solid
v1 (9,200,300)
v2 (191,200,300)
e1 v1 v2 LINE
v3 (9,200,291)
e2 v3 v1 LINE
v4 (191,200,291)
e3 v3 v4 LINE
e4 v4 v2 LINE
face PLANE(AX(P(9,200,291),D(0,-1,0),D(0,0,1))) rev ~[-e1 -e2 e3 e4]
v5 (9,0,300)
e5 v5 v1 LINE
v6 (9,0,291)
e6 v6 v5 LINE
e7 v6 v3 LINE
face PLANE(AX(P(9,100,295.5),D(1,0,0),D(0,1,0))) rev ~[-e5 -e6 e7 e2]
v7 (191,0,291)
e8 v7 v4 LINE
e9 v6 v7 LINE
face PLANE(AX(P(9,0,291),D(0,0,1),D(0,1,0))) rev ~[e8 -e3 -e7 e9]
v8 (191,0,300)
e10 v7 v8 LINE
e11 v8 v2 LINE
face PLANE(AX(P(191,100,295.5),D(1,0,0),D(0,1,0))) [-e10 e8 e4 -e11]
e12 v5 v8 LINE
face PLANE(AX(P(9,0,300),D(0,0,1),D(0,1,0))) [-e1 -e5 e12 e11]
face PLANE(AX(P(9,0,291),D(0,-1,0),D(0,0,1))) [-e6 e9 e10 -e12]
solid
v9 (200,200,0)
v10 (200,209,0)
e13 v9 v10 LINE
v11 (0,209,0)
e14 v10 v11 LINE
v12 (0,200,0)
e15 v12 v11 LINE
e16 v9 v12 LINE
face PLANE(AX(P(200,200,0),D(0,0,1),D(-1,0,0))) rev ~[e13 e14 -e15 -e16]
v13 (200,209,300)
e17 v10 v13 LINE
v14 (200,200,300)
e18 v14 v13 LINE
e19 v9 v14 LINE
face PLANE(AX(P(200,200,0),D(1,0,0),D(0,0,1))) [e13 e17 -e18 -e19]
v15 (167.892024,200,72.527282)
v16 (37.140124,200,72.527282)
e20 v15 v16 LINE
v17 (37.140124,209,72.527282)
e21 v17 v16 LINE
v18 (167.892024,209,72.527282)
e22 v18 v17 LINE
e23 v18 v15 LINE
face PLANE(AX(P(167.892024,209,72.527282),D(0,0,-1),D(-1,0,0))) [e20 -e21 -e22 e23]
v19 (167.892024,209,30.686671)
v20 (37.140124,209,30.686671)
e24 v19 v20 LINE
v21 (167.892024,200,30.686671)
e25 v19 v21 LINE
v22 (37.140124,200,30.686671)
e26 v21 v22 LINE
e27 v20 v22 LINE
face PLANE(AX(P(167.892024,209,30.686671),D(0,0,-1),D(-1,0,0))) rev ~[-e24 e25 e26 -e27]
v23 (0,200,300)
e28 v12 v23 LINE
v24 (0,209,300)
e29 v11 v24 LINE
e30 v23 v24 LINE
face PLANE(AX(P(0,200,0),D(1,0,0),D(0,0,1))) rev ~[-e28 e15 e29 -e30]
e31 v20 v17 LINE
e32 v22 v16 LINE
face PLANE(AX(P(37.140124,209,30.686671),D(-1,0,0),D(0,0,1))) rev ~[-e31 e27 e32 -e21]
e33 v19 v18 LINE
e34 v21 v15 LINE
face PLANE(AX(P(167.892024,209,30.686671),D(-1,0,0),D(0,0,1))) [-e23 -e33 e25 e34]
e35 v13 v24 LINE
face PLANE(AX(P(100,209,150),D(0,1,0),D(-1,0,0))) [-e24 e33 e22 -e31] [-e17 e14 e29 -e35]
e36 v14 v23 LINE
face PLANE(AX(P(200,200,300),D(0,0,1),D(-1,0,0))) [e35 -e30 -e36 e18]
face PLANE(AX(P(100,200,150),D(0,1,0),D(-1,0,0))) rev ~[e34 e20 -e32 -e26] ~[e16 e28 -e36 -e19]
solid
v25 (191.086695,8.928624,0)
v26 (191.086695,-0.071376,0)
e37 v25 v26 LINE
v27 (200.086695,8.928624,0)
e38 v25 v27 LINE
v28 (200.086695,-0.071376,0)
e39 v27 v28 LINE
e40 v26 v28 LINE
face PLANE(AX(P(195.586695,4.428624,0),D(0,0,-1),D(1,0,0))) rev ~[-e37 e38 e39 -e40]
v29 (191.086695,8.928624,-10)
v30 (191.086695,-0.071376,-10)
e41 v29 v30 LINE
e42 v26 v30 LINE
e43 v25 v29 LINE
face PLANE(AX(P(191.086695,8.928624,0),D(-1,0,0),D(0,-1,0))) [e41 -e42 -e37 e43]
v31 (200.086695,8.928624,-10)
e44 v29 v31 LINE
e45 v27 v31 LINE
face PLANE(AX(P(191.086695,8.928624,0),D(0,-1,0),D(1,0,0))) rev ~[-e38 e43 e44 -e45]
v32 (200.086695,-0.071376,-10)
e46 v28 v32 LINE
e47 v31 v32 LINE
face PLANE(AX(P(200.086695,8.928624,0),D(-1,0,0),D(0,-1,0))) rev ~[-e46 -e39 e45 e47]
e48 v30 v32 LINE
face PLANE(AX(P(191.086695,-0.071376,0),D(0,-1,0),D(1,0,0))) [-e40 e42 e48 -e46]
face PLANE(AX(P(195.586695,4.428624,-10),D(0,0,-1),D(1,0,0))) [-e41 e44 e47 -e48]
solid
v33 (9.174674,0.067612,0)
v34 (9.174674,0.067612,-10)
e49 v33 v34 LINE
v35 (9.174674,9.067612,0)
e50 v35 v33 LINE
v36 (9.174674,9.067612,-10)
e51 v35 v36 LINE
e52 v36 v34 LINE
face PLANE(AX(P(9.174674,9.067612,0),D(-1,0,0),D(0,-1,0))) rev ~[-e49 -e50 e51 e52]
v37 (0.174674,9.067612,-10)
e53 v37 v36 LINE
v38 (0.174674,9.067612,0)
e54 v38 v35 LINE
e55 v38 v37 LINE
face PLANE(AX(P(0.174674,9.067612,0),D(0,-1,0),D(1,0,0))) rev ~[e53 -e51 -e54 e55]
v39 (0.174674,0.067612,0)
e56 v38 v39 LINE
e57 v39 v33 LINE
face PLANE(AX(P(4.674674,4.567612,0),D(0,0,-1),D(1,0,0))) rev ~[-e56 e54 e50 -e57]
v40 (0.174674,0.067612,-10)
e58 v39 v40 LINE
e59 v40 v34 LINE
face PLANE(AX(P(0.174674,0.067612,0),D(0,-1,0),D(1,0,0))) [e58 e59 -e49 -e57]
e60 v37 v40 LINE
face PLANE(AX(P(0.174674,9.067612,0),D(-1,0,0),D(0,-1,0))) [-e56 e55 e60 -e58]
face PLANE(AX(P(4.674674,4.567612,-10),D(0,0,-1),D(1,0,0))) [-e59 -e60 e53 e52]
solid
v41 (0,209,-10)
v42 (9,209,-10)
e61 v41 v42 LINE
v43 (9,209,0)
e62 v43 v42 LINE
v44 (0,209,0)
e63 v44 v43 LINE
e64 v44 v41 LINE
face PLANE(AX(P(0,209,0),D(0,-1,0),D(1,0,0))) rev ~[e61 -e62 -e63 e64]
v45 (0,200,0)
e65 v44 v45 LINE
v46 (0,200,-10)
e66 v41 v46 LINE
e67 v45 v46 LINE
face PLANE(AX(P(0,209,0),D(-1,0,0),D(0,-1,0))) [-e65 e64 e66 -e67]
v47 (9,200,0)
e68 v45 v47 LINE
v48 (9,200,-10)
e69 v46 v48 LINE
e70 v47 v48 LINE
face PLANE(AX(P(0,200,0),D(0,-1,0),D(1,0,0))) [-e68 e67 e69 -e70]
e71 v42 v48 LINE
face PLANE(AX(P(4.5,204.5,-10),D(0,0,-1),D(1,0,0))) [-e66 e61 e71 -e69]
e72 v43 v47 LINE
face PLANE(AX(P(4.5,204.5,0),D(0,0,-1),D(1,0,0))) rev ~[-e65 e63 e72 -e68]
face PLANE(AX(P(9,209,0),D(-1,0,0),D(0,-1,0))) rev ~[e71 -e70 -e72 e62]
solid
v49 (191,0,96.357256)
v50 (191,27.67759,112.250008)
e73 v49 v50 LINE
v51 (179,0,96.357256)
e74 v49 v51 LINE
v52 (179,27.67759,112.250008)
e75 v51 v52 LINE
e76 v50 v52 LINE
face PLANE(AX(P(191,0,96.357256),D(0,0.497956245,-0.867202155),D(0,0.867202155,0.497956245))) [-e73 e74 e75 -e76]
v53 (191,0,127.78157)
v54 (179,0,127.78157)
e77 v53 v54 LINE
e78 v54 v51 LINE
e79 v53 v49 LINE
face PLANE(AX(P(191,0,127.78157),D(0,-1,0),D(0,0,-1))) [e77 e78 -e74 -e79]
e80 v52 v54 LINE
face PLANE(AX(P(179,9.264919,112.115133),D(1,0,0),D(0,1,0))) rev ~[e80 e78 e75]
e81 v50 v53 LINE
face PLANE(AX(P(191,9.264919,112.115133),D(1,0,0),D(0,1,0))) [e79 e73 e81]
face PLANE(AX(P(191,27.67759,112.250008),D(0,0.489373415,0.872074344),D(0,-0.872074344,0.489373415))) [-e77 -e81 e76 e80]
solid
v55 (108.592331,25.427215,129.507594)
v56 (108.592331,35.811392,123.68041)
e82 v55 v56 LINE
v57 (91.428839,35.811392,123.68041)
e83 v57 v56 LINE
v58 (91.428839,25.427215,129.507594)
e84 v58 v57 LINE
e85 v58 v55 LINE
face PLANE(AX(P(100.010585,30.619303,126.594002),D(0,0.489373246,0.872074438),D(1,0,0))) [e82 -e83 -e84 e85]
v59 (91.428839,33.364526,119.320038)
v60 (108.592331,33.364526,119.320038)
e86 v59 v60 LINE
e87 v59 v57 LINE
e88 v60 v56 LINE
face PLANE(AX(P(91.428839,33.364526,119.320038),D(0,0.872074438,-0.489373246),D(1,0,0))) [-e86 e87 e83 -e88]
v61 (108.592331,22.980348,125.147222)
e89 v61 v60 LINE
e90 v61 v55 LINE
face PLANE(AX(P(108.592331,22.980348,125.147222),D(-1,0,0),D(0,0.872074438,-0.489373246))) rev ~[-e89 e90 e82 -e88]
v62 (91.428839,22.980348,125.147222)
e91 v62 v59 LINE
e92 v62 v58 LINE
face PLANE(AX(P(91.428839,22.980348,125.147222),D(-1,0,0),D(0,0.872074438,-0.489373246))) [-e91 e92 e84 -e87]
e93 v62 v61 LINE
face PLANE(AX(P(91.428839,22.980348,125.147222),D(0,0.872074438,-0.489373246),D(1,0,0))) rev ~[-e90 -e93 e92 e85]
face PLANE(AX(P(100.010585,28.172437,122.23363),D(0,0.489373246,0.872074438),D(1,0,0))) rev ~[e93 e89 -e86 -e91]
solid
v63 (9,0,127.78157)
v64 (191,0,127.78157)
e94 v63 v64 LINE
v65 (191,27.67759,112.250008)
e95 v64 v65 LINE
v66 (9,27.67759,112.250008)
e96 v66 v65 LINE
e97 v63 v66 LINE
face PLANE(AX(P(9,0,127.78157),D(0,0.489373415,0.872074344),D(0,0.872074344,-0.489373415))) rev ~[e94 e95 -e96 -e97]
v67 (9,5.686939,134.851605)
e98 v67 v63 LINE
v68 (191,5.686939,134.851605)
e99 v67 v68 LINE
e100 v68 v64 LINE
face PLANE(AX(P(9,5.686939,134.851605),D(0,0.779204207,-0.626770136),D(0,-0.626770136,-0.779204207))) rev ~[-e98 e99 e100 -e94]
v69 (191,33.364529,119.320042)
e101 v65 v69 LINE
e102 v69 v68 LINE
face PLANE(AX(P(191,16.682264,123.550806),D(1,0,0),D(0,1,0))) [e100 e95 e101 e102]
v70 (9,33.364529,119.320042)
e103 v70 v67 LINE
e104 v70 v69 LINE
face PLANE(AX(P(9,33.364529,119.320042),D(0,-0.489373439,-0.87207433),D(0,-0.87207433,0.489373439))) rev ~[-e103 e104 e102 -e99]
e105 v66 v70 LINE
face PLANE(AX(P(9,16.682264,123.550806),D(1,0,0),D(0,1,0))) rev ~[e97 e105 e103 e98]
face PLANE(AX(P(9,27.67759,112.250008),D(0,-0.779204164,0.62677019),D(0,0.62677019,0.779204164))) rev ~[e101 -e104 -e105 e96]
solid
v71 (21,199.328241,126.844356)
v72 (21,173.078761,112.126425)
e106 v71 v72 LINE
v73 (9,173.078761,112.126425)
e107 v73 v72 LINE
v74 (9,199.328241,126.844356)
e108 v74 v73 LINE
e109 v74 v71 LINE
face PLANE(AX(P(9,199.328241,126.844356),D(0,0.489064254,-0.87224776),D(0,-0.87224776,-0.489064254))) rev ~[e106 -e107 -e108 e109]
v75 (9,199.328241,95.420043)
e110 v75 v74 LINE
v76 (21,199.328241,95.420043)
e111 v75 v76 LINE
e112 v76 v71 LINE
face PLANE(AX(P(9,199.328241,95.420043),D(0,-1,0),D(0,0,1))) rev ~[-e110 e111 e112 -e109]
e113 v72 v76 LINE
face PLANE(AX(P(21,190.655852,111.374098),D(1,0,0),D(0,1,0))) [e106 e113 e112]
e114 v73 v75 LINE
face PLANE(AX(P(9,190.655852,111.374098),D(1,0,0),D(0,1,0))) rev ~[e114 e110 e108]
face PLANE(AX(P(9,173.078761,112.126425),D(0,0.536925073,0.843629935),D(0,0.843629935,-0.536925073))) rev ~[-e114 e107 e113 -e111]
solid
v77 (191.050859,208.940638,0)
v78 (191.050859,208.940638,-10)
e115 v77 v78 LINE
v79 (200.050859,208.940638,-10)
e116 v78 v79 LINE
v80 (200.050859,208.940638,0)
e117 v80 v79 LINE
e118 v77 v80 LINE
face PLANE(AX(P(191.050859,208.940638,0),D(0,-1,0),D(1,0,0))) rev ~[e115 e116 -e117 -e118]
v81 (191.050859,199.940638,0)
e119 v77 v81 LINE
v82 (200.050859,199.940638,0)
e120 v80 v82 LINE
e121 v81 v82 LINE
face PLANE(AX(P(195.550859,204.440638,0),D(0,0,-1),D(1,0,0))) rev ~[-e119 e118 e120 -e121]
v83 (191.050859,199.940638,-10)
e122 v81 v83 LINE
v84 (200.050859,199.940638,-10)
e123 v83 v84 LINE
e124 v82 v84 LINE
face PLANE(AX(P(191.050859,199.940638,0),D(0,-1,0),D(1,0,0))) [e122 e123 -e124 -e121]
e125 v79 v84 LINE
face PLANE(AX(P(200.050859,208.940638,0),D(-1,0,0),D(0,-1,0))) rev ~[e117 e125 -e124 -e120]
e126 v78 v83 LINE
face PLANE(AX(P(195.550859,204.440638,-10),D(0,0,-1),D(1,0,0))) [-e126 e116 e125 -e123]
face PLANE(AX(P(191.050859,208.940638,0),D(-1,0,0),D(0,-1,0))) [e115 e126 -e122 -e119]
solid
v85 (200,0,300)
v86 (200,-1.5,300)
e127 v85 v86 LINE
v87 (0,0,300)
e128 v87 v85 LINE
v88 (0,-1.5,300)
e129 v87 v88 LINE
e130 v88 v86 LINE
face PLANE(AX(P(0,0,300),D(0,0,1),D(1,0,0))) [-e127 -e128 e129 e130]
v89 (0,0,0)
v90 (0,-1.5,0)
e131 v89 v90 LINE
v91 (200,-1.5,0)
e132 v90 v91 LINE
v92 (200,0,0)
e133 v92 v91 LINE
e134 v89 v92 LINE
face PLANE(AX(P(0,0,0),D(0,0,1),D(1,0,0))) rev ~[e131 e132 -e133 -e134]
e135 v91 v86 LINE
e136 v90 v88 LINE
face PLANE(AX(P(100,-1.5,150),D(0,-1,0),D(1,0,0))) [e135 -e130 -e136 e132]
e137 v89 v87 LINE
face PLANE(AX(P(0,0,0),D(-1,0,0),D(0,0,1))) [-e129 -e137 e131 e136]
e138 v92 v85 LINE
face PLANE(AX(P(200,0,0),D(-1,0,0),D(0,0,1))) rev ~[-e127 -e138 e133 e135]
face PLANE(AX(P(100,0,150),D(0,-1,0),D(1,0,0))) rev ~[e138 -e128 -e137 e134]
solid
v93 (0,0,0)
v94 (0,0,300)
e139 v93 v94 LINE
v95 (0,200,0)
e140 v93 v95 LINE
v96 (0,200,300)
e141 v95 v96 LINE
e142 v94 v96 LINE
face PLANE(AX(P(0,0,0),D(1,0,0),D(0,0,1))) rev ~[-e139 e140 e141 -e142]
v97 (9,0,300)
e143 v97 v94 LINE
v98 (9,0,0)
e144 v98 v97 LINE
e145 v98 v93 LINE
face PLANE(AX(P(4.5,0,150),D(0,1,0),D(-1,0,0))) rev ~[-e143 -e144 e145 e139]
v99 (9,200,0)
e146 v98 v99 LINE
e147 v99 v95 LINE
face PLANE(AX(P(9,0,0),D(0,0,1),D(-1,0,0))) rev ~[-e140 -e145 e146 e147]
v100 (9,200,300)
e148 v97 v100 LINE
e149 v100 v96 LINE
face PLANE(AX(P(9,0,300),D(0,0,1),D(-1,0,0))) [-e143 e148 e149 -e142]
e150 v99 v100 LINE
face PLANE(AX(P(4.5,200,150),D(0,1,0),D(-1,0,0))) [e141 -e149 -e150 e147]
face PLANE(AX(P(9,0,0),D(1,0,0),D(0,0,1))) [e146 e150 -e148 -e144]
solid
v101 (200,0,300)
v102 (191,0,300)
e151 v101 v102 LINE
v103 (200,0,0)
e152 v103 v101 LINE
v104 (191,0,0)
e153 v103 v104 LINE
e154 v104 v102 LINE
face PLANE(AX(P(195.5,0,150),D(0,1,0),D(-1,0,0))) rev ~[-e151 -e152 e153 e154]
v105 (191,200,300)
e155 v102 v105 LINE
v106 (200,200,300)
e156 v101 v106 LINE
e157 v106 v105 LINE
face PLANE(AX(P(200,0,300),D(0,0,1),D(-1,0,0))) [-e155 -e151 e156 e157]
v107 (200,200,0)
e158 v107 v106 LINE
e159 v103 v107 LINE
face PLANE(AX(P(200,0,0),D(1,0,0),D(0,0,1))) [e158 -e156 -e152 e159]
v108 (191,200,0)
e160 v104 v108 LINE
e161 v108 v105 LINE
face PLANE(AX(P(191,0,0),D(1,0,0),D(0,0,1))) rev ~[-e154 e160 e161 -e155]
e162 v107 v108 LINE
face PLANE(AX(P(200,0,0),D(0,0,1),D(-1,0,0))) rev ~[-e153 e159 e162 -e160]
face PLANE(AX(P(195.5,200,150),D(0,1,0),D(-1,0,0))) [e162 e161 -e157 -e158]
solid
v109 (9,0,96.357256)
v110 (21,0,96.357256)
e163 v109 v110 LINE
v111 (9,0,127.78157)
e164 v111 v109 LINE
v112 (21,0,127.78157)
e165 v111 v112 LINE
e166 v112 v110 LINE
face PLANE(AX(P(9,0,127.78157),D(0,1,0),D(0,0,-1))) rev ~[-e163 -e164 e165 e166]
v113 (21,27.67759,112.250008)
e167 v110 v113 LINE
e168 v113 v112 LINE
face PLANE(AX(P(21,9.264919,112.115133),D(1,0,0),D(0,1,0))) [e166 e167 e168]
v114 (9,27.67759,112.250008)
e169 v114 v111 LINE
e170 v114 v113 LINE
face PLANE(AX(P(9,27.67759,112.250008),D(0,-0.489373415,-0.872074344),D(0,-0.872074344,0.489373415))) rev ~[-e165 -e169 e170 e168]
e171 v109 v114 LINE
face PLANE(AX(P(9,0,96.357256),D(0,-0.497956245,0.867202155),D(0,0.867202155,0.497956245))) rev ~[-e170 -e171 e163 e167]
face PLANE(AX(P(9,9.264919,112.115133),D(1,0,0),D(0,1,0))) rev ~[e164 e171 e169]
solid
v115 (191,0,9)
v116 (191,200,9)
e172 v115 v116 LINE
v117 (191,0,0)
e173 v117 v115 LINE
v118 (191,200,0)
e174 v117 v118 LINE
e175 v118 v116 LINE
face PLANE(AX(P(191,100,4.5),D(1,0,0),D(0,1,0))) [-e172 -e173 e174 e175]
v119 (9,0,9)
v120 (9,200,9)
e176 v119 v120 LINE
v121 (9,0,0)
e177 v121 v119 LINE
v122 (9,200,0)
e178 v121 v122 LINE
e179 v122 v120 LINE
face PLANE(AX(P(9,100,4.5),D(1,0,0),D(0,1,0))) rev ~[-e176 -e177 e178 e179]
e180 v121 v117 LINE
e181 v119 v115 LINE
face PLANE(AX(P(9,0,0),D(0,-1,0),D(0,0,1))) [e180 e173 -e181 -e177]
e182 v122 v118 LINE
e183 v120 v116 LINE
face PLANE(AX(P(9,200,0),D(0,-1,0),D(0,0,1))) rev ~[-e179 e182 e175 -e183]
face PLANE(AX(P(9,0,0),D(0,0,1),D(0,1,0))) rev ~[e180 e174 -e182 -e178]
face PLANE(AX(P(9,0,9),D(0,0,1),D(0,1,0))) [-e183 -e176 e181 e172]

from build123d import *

# Parameters (mm, degrees)
F0_W      = 200
F0_H      = 300
F1_DEPTH  = 1.5
F2_W      = 9
F2_H      = 300
F3_DEPTH  = 200
F5_DEPTH  = 12
F7_DEPTH  = 182
F8_W      = 17.163492
F8_H      = 11.907444
F9_DEPTH  = 5
F11_DEPTH = 12
F12_W     = 200
F12_H     = 9
F13_DEPTH = 182
F14_W     = 200
F14_H     = 9
F15_DEPTH = 182
F16_W     = 9
F16_H     = 300
F17_DEPTH = 200
F18_W     = 200
F18_H     = 300
F19_DEPTH = 9
F20_W     = 9
F20_H     = 9
F21_DEPTH = 10
F22_W     = 130.7519
F22_H     = 41.840611
F23_DEPTH = 9


with BuildPart() as f1:
    # F0 (on Front) → F1 (new body)
    with BuildSketch(Plane.XZ):
        with Locations((100, 150)):
            Rectangle(F0_W, F0_H)
    extrude(amount=F1_DEPTH)


with BuildPart() as f3:
    # F2 (on face) → F3 (new body)
    with BuildSketch(Plane(origin=(0, 0, 0), x_dir=(-1, 0, 0), z_dir=(0, 1, 0))):
        with Locations((-4.5, 150)):
            Rectangle(F2_W, F2_H)
    extrude(amount=F3_DEPTH)


with BuildPart() as f5:
    # F4 (on face) → F5 (new body)
    with BuildSketch(Plane.YZ.offset(9)):
        Polygon((0, 127.78157), (0, 96.357256), (27.67759, 112.250008), align=None)
        Polygon((173.078761, 112.126425), (199.328241, 95.420043), (199.328241, 126.844356), align=None)
    extrude(amount=F5_DEPTH)


with BuildPart() as f7:
    # F6 (on face) → F7 (new body)
    with BuildSketch(Plane.YZ.offset(9)):
        Polygon((0, 127.78157), (27.67759, 112.250008), (33.364529, 119.320042), (5.686939, 134.851605), align=None)
    extrude(amount=F7_DEPTH)


with BuildPart() as f9:
    # F8 (on face) → F9 (new body)
    with BuildSketch(Plane(origin=(0, 58.912564, 104.983502), x_dir=(1, 0, 0), z_dir=(0, 0.489373, 0.872074))):
        with Locations((100.010585, -35.24943)):
            Rectangle(F8_W, F8_H)
    extrude(amount=F9_DEPTH)


with BuildPart() as f11:
    # F10 (on face) → F11 (new body)
    with BuildSketch(Plane.YZ.offset(191)):
        Polygon((0, 127.78157), (0, 96.357256), (27.67759, 112.250008), align=None)
    extrude(amount=-F11_DEPTH)


with BuildPart() as f13:
    # F12 (on face) → F13 (new body)
    with BuildSketch(Plane.YZ.offset(9)):
        with Locations((100, 295.5)):
            Rectangle(F12_W, F12_H)
    extrude(amount=F13_DEPTH)


with BuildPart() as f15:
    # F14 (on face) → F15 (new body)
    with BuildSketch(Plane.YZ.offset(9)):
        with Locations((100, 4.5)):
            Rectangle(F14_W, F14_H)
    extrude(amount=F15_DEPTH)


with BuildPart() as f17:
    # F16 (on face) → F17 (new body)
    with BuildSketch(Plane(origin=(0, 0, 0), x_dir=(-1, 0, 0), z_dir=(0, 1, 0))):
        with Locations((-195.5, 150)):
            Rectangle(F16_W, F16_H)
    extrude(amount=F17_DEPTH)


with BuildPart() as f19:
    # F18 (on face) → F19 (new body)
    with BuildSketch(Plane(origin=(0, 200, 0), x_dir=(-1, 0, 0), z_dir=(0, 1, 0))):
        with Locations((-100, 150)):
            Rectangle(F18_W, F18_H)
    extrude(amount=F19_DEPTH)

    # F22 (on face) → F23 (cut)
    with BuildSketch(Plane(origin=(0, 209, 0), x_dir=(-1, 0, 0), z_dir=(0, 1, 0))):
        with Locations((-102.516074, 51.606977)):
            Rectangle(F22_W, F22_H)
    extrude(amount=-F23_DEPTH, mode=Mode.SUBTRACT)


with BuildPart() as f21:
    # F20 (on face) → F21 (new body)
    with BuildSketch(Plane(origin=(0, 0, 0), x_dir=(1, 0, 0), z_dir=(0, 0, -1))):
        with Locations((4.5, -204.5)):
            Rectangle(F20_W, F20_H)
        with Locations((195.550859, -204.440638)):
            Rectangle(F20_W, F20_H)
        with Locations((195.586695, -4.428624)):
            Rectangle(F20_W, F20_H)
        with Locations((4.674674, -4.567612)):
            Rectangle(F20_W, F20_H)
    extrude(amount=F21_DEPTH)


solid = Compound([f1.part, f3.part, f5.part, f7.part, f9.part, f11.part, f13.part, f15.part, f17.part, f19.part, f21.part])
